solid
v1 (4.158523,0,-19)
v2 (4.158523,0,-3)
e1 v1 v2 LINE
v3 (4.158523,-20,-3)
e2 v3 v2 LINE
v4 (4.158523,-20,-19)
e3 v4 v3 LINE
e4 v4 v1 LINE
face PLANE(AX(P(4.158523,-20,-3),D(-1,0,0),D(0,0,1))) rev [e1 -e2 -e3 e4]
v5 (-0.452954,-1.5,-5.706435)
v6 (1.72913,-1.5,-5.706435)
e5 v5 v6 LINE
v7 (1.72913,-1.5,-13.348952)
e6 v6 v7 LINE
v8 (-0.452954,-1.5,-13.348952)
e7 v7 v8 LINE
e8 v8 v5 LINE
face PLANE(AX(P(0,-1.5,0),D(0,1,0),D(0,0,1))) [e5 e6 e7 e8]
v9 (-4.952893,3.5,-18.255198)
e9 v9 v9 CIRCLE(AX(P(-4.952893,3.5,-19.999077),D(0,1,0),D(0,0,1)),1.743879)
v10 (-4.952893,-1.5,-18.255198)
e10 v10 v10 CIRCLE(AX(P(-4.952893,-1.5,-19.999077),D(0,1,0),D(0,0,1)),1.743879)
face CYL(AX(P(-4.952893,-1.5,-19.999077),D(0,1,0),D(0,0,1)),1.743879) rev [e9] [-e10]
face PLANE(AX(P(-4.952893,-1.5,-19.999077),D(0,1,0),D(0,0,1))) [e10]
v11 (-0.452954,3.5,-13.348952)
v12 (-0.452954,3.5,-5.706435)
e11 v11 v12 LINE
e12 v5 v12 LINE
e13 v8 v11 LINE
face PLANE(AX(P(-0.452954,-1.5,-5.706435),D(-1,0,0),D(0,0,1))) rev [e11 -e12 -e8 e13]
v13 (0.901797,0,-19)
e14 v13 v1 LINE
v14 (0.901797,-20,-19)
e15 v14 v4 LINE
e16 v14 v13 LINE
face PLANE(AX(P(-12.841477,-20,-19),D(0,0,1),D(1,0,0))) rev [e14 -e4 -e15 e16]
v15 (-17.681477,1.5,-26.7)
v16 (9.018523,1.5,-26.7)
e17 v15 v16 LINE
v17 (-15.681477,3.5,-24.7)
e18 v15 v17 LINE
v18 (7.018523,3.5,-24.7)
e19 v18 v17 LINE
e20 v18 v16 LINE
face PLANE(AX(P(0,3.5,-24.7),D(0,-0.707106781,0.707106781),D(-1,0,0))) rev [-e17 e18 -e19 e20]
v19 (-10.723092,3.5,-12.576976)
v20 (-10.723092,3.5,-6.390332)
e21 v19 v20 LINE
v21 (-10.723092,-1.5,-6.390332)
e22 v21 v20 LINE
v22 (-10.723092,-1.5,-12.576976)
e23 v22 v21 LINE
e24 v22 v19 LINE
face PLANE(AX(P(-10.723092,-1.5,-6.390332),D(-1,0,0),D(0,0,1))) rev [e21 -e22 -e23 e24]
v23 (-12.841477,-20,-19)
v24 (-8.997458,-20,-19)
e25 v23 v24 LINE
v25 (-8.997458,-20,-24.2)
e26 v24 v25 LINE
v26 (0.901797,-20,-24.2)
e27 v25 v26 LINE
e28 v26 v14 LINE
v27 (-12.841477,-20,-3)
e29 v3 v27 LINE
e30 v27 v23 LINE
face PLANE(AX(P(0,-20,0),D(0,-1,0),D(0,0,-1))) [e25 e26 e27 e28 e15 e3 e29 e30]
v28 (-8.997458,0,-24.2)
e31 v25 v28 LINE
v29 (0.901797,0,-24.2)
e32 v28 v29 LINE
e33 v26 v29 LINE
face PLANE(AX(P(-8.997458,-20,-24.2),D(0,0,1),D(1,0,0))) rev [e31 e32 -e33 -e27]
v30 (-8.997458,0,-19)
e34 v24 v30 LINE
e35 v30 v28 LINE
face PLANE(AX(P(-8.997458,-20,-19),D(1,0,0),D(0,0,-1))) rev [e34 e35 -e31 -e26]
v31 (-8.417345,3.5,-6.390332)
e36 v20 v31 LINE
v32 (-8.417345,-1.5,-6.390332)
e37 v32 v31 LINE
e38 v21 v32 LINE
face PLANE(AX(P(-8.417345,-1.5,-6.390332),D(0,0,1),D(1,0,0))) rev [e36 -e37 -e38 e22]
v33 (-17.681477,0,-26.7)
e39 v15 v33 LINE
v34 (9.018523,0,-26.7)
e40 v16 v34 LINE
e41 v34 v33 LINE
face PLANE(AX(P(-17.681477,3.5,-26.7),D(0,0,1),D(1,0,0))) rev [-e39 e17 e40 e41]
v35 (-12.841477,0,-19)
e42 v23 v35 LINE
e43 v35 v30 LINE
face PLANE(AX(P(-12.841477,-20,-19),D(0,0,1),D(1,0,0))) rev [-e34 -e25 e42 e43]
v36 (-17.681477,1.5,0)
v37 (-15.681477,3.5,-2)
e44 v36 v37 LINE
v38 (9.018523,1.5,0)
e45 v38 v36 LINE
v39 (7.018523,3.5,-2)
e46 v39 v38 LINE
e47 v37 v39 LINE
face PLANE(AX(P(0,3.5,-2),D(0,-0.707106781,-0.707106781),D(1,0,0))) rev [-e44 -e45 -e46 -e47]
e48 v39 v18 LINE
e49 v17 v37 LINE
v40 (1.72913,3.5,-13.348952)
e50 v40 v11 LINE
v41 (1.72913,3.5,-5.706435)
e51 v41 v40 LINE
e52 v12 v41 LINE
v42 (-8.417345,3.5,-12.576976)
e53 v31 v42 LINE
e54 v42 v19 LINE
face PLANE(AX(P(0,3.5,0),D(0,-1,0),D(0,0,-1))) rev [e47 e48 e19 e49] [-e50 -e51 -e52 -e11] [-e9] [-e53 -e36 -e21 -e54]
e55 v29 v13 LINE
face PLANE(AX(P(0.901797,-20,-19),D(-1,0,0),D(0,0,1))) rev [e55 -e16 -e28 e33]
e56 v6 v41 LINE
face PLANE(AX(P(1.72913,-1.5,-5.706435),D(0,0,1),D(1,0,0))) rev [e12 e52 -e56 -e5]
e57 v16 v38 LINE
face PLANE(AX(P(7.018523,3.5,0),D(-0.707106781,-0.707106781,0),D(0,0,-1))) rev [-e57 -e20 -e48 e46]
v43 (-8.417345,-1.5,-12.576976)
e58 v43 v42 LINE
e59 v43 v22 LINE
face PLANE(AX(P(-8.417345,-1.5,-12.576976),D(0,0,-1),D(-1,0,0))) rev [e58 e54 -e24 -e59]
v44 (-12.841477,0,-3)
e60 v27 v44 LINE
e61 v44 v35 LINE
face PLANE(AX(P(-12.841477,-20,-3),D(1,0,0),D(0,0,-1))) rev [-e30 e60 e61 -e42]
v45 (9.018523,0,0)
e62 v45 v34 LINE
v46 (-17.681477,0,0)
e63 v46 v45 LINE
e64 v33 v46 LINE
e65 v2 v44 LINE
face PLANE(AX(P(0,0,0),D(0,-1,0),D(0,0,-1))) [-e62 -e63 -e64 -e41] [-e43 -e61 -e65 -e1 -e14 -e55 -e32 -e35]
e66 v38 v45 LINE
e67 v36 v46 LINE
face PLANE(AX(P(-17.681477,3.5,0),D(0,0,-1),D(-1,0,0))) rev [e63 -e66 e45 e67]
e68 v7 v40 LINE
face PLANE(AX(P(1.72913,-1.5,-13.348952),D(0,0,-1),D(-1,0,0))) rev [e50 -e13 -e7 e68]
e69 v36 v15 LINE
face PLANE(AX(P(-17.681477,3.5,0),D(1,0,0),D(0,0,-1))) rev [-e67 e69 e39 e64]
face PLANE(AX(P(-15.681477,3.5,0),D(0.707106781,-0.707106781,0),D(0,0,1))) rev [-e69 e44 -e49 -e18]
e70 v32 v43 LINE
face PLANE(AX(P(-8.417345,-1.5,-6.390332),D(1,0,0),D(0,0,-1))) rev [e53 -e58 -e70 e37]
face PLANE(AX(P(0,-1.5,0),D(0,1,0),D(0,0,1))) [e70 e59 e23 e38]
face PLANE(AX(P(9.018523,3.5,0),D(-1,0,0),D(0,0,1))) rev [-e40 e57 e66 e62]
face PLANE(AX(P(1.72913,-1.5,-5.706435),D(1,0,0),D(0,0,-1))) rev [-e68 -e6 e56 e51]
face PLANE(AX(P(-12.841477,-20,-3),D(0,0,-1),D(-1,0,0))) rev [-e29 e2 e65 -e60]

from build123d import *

# Parameters (mm, degrees)
SKETCH1_W           = 26.7
SKETCH1_H           = 26.7
BOSS_EXTRUDE1_DEPTH = 3.5
CHAMFER1_SIZE       = 2
SKETCH2_W           = 17
SKETCH2_H           = 16
BOSS_EXTRUDE2_DEPTH = 20
SKETCH3_W           = 9.899254973
SKETCH3_H           = 5.2
BOSS_EXTRUDE3_DEPTH = 20
SKETCH4_R           = 1.743878626
SKETCH4_W           = 2.182084489
SKETCH4_H           = 7.64251661
SKETCH4_W_2         = 2.305747791
SKETCH4_H_2         = 6.186643656
CUT_EXTRUDE1_DEPTH  = 5


with BuildPart() as part:
    # Sketch1 → Boss-Extrude1 (new body)
    with BuildSketch(Plane(origin=(0, 0, 0), x_dir=(1, 0, 0), z_dir=(0, 1, 0))):
        with Locations((-4.331476998, 13.35)):
            Rectangle(SKETCH1_W, SKETCH1_H)
    extrude(amount=BOSS_EXTRUDE1_DEPTH)

    # Chamfer1
    chamfer1_edges = [part.edges().sort_by_distance(p)[0] for p in [
        (9.018523002, 3.5, -13.35),
        (-4.331476998, 3.5, -26.7),
        (-17.681476998, 3.5, -13.35),
        (-4.331476998, 3.5, 0),
    ]]
    chamfer(chamfer1_edges, length=CHAMFER1_SIZE)

    # Sketch2 → Boss-Extrude2 (add)
    with BuildSketch(Plane.XZ):
        with Locations((-4.341476998, -11)):
            Rectangle(SKETCH2_W, SKETCH2_H)
    extrude(amount=BOSS_EXTRUDE2_DEPTH)

    # Sketch3 → Boss-Extrude3 (add)
    with BuildSketch(Plane.XZ):
        with Locations((-4.047830724, -21.6)):
            Rectangle(SKETCH3_W, SKETCH3_H)
    extrude(amount=BOSS_EXTRUDE3_DEPTH)

    # Sketch4 → Cut-Extrude1 (cut)
    with BuildSketch(Plane(origin=(0, 3.5, 0), x_dir=(1, 0, 0), z_dir=(0, 1, 0))):
        with Locations((-4.952893076, 19.999076914)):
            Circle(SKETCH4_R)
        with Locations((0.638087746, 9.527693342)):
            Rectangle(SKETCH4_W, SKETCH4_H)
        with Locations((-9.570218526, 9.483654221)):
            Rectangle(SKETCH4_W_2, SKETCH4_H_2)
    extrude(amount=-CUT_EXTRUDE1_DEPTH, mode=Mode.SUBTRACT)


solid = part.part
